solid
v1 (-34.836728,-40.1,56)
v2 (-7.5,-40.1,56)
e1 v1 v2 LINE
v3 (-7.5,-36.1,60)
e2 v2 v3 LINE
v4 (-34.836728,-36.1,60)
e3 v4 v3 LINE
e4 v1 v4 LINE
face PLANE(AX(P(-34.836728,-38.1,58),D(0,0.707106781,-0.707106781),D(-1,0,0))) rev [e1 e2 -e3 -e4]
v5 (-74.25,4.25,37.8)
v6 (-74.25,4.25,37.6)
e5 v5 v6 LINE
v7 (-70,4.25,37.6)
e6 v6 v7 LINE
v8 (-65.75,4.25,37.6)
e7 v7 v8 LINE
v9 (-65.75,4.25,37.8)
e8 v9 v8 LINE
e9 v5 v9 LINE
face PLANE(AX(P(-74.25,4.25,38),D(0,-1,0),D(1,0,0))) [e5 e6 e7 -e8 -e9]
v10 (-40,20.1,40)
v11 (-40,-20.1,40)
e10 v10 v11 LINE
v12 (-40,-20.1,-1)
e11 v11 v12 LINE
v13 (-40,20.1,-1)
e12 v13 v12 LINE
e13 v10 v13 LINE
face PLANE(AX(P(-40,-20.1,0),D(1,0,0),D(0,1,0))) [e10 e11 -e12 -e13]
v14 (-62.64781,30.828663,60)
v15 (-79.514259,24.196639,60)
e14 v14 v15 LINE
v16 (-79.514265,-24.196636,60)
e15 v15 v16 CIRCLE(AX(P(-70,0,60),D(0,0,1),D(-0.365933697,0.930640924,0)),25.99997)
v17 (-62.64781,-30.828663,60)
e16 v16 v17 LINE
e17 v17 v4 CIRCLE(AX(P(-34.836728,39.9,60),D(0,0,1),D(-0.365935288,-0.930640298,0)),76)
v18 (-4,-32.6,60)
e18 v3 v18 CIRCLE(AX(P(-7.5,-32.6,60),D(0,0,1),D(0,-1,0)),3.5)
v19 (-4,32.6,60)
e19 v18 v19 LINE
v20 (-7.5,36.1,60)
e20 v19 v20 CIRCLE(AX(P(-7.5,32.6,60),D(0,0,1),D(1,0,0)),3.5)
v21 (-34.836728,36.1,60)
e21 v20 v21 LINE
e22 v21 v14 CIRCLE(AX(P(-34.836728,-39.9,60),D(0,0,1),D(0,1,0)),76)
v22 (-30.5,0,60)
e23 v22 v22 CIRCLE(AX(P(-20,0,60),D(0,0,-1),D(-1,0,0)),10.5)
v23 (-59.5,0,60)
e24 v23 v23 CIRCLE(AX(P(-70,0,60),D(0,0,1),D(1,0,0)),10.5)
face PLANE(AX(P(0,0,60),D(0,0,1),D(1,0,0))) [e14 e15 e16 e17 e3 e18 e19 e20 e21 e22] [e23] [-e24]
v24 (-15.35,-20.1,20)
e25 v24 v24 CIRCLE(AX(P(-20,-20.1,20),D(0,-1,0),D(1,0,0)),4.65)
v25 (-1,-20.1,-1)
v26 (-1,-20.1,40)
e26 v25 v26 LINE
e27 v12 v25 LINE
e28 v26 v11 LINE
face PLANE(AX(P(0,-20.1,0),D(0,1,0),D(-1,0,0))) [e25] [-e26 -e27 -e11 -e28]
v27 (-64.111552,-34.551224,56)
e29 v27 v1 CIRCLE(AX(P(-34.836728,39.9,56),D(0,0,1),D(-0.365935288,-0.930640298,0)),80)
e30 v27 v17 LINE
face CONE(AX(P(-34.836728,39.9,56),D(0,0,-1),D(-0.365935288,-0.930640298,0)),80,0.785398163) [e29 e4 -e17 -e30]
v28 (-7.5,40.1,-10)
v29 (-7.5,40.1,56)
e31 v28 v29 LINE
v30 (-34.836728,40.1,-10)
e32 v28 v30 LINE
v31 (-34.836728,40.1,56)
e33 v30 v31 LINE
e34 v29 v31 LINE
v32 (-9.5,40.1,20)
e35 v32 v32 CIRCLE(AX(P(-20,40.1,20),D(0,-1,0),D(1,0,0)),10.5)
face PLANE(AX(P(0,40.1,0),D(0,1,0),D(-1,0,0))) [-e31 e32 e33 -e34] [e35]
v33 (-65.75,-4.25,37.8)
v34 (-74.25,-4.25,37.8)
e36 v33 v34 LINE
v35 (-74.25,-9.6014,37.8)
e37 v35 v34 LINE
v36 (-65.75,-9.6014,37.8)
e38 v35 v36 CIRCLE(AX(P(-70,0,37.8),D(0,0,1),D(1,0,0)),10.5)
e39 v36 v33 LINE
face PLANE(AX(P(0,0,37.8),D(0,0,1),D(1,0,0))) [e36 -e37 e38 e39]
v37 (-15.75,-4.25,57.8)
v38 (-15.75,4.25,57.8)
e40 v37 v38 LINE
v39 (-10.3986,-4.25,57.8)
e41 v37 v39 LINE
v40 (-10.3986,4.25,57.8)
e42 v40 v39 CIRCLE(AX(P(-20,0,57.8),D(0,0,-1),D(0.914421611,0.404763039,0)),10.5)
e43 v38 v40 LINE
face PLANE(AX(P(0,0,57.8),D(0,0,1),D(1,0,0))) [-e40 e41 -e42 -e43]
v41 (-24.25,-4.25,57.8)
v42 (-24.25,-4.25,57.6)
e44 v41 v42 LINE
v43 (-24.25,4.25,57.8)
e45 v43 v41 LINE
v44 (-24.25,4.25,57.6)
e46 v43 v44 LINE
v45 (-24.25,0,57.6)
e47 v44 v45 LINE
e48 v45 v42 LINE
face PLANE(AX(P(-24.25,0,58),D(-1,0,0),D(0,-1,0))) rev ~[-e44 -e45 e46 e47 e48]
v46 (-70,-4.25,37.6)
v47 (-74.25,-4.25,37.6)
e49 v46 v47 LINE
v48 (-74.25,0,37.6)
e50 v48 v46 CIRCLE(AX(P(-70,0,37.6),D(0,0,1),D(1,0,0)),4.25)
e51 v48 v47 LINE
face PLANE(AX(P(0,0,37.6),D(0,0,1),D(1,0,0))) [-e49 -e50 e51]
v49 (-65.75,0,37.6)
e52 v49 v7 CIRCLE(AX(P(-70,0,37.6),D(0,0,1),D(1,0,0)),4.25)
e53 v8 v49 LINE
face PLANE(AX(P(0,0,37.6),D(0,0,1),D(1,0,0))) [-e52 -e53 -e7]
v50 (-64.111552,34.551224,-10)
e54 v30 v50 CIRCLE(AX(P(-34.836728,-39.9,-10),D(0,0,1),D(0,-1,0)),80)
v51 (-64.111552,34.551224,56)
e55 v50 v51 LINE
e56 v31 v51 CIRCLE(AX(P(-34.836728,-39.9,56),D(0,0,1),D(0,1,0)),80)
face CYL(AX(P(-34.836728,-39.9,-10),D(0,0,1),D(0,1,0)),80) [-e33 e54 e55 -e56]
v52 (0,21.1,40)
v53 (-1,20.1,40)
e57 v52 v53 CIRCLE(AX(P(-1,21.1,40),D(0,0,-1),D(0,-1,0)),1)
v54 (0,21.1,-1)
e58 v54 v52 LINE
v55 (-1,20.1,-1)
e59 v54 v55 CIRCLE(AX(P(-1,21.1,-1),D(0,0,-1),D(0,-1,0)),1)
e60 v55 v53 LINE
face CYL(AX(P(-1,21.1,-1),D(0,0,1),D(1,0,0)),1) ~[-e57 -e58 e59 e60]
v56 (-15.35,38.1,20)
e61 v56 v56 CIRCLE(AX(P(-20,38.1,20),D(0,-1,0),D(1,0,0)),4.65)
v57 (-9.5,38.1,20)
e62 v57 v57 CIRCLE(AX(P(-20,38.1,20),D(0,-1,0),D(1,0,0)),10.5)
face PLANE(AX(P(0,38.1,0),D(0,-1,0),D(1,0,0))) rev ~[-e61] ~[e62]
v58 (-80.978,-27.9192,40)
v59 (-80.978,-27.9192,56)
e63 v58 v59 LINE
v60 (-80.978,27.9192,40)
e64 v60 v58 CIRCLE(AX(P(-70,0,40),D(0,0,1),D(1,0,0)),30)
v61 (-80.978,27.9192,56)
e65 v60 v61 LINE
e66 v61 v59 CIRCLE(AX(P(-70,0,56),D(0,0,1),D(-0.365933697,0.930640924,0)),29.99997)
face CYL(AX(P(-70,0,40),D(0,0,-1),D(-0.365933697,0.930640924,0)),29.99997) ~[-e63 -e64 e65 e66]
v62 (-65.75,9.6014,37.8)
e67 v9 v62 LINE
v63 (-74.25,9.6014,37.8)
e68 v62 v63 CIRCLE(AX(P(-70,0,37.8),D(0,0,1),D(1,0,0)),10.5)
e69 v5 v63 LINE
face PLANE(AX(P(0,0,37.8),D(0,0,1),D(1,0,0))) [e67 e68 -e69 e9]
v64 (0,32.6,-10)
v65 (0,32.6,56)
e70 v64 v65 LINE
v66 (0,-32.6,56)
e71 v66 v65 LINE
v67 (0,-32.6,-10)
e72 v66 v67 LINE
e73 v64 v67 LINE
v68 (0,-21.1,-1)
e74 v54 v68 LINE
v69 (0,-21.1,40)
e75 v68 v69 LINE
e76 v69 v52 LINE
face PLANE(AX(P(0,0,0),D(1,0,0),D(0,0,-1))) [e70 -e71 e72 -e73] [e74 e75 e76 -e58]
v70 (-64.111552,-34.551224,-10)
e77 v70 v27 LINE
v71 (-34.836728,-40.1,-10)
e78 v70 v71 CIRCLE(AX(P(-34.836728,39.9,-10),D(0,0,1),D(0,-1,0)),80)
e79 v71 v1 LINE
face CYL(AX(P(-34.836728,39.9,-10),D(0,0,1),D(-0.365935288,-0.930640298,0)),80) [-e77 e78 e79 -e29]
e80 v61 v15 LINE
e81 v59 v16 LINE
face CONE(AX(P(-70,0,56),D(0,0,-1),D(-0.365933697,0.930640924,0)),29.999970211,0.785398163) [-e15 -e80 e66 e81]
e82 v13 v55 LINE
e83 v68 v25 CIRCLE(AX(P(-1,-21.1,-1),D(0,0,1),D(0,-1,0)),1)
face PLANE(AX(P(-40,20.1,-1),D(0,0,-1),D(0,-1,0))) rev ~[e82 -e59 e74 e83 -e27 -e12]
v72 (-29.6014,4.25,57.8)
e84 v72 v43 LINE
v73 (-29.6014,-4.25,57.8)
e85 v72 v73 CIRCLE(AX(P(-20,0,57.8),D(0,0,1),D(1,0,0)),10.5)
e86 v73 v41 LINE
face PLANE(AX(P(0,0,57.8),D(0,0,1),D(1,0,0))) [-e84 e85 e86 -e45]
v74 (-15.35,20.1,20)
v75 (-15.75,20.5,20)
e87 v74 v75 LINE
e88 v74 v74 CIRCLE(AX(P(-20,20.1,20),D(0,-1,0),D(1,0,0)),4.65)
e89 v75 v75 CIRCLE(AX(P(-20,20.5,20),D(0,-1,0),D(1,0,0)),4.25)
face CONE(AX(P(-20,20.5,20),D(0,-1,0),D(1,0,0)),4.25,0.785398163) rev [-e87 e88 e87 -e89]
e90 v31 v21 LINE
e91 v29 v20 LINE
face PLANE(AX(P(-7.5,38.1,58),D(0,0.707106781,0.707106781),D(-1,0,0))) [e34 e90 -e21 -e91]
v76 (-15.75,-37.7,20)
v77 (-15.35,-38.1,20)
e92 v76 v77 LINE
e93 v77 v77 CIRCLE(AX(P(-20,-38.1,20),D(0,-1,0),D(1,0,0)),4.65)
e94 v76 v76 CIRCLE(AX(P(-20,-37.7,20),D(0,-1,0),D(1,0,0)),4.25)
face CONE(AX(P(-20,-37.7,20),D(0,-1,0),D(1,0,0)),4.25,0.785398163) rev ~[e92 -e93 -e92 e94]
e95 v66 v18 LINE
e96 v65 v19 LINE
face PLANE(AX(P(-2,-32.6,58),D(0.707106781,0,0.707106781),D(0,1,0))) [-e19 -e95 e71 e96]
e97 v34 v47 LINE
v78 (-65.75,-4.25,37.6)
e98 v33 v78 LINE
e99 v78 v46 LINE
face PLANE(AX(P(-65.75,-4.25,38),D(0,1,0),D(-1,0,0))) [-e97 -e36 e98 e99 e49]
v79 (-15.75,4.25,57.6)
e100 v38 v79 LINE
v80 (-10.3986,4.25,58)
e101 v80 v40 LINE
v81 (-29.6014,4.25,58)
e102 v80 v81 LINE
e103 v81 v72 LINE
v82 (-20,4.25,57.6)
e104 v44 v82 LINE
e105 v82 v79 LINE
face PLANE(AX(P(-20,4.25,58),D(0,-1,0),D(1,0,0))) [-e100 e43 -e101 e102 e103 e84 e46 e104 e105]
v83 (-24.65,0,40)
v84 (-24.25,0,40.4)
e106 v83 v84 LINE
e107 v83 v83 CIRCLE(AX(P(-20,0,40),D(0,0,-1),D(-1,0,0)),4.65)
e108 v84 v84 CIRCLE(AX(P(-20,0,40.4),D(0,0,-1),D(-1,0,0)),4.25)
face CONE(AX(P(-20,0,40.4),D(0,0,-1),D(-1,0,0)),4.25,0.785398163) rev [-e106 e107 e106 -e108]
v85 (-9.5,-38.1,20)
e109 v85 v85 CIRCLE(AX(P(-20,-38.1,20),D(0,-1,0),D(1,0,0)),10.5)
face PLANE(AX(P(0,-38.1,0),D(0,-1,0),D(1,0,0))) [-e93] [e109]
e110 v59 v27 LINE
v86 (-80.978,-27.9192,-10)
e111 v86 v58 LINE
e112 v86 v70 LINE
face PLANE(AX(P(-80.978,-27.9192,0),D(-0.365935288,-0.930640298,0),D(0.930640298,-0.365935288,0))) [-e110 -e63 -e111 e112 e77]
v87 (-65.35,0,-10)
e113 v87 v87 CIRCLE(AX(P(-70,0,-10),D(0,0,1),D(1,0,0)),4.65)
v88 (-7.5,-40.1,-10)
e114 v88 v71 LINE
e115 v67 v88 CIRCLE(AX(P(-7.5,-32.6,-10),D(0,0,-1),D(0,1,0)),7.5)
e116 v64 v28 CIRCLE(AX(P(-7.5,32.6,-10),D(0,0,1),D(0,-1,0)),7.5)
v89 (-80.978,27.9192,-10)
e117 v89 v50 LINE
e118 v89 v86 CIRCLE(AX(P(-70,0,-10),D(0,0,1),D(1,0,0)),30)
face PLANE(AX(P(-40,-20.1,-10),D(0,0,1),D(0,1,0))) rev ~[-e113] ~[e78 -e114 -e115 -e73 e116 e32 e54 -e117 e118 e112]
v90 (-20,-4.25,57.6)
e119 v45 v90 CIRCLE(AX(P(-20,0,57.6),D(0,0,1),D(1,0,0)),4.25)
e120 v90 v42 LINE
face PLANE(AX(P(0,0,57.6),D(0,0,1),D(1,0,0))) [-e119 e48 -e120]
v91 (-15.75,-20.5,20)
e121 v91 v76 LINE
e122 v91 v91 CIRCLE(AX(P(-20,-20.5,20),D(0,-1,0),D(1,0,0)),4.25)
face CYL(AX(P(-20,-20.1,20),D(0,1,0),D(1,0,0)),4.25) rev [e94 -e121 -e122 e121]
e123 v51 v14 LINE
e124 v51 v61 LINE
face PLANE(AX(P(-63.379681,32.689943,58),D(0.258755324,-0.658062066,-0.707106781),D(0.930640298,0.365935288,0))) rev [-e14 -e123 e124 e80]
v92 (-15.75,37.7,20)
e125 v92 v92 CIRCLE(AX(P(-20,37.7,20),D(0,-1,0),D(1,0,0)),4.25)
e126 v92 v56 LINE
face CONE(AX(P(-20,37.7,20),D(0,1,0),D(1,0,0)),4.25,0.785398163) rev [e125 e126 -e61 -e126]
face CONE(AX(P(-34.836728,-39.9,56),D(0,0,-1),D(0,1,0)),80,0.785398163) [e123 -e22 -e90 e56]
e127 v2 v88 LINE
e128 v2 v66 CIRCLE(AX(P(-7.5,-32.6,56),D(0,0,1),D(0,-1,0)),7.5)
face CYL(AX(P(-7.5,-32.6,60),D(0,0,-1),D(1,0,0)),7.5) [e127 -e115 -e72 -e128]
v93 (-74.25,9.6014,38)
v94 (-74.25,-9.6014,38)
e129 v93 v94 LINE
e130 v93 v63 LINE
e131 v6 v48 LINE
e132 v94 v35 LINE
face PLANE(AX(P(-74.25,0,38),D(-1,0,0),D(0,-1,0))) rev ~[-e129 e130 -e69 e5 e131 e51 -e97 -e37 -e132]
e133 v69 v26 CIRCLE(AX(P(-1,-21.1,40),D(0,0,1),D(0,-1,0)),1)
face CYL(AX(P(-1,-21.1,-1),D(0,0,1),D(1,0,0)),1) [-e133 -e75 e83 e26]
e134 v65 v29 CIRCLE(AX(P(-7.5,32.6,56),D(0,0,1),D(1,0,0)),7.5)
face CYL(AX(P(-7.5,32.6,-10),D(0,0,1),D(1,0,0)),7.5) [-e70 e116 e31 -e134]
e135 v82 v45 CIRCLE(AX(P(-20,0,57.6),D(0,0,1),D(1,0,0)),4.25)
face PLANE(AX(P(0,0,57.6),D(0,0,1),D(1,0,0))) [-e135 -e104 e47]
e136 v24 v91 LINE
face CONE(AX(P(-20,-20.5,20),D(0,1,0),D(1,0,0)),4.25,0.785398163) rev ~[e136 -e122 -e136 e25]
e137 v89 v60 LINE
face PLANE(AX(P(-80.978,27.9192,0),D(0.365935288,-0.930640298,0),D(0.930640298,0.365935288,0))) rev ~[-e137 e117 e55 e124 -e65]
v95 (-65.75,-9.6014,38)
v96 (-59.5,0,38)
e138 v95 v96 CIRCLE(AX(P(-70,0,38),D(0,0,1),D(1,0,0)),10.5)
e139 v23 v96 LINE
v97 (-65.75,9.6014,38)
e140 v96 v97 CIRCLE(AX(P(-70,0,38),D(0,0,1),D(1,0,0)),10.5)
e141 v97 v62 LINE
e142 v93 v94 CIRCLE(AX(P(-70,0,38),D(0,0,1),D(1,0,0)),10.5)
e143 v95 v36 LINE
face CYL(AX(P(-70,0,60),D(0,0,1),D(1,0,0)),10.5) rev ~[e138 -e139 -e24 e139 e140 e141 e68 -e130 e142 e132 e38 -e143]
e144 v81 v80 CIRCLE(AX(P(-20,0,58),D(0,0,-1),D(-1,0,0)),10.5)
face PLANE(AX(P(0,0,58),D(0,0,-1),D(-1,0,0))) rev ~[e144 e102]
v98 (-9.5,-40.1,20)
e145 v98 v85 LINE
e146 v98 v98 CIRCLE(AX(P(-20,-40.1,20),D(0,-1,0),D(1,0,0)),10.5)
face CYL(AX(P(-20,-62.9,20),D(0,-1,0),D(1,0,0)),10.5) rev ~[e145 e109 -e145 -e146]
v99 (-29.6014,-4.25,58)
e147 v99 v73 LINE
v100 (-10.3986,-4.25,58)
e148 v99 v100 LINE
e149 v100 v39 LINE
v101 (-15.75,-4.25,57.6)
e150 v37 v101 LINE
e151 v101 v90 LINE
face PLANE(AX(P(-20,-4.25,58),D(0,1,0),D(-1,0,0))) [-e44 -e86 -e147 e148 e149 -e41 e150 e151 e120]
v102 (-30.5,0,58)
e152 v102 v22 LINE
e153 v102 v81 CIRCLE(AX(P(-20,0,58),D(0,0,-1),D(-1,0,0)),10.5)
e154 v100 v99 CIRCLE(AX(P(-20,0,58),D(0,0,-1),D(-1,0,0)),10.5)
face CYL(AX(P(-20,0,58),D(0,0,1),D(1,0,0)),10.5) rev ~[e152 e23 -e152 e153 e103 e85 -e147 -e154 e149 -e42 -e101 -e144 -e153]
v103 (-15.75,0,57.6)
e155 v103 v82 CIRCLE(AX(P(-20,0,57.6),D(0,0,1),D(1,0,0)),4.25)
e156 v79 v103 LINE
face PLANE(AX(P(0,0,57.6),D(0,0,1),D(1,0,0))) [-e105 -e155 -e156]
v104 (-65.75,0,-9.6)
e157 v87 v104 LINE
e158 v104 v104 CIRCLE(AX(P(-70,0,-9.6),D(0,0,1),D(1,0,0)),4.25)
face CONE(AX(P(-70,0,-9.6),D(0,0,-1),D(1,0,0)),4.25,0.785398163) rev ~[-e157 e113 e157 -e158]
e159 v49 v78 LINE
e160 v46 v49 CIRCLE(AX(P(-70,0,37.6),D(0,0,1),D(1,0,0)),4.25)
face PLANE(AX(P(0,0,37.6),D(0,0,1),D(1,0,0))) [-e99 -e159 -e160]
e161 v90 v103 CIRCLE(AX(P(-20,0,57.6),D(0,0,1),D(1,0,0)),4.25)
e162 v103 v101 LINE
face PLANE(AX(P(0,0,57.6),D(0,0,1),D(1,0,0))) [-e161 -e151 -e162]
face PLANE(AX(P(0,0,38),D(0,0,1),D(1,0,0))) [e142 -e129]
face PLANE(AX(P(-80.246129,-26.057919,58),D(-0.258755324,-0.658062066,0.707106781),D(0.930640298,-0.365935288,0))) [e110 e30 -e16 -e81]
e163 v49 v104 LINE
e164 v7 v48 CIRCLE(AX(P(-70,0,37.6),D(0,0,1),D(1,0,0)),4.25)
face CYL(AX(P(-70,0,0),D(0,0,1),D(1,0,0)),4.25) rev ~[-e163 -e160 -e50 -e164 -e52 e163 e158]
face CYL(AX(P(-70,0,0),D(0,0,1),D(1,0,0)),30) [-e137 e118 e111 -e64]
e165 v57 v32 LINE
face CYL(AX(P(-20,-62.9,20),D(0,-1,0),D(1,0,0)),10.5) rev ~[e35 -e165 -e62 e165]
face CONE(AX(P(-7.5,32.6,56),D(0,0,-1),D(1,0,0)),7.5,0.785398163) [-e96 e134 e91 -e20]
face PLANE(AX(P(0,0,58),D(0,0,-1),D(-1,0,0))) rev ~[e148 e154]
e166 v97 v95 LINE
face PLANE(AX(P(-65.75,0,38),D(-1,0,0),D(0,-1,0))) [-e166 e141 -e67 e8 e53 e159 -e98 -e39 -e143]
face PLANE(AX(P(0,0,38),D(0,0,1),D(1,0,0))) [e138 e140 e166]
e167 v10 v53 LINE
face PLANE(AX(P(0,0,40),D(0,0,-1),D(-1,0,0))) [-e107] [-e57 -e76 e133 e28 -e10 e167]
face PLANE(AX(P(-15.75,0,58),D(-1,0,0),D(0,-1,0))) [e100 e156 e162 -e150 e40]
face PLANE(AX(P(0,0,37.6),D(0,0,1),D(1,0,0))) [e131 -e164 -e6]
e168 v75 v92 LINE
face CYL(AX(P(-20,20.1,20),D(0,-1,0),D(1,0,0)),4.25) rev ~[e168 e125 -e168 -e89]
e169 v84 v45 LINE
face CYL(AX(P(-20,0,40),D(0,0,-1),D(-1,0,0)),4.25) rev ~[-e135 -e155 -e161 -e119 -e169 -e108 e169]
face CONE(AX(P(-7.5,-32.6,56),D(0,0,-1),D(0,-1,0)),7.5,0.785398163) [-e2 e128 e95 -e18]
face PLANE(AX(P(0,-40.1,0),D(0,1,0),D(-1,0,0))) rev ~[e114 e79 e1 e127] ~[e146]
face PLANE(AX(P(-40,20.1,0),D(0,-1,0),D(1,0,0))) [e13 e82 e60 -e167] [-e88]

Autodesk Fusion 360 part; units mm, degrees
sketch "Sketch1" plane through (0, 0, 0) normal (0, 0, 1) x (1, 0, 0)
  line L0 (-40, 20.1) -> (40, 20.1)
  line L1 (40, 20.1) -> (40, -20.1)
  line L2 (40, -20.1) -> (-40, -20.1)
  line L3 (-40, -20.1) -> (-40, 20.1)
  line L4 (-40, 20.1) -> (40, -20.1) construction
  line L5 (40, 20.1) -> (-40, -20.1) construction
  line L6 (0, 20.1) -> (0, 40.1)
  line L7 (0, 40.1) -> (-50, 40.1)
  line L8 (0, -20.1) -> (0, -40.1)
  line L9 (0, -40.1) -> (-50, -40.1)
  line L10 (-40, 0) -> (-70, 0) construction
  circle A0 centre (-70, 0) radius 10.5
  circle A1 centre (-70, 0) radius 30
  line L11 (-80.978, 27.9192) -> (-50, 40.1)
  line L12 (-80.978, -27.9192) -> (-50, -40.1)
  circle A2 centre (-70, 0) radius 4.25
  dimension "d1" = 80
  dimension "d2" = 40.2
  dimension "d3" = 20
  dimension "d4" = 20
  dimension "d5" = 30
  dimension "d6" = 21
  dimension "d7" = 8.5
  dimension "d8" = 10
  dimension "d9" = 10
extrude "Extrude1" add sketch "Sketch1" along normal blind 40 contours L0 L3 L6 L7 A1 L11 | A1 | L2 L3 L8 L9 A1 L12 | A0 makes body 1
sketch "Sketch2" plane through (0, 0, 40) normal (0, 0, 1) x (1, 0, 0)
  circle A0 centre (-70, 0) radius 4.25
  arc A1 (-80.978, 27.9192) -> (-80.978, -27.9192) centre (-70, 0) ccw
  line L0 (-80.978, -27.9192) -> (-50, -40.1)
  line L1 (-50, -40.1) -> (0, -40.1)
  line L2 (0, -40.1) -> (0, -20.1)
  line L3 (0, -20.1) -> (-40, -20.1)
  line L4 (-40, -20.1) -> (-40, 20.1)
  line L5 (-40, 20.1) -> (0, 20.1)
  line L6 (0, 20.1) -> (0, 40.1)
  line L7 (0, 40.1) -> (-50, 40.1)
  line L8 (-50, 40.1) -> (-80.978, 27.9192)
  line L9 (0, 20.1) -> (0, -20.1)
extrude "Extrude2" add sketch "Sketch2" along normal blind 20 bodies 1
sketch "Sketch3" plane through (0, 0, 40) normal (0, 0, -1) x (-1, 0, 0)
  line L0 (40, 20.1) -> (0, 20.1)
  line L1 (0, 20.1) -> (0, -20.1)
  line L2 (0, -20.1) -> (40, -20.1)
  line L3 (40, -20.1) -> (40, 20.1)
  line L4 (20, 20.1) -> (20, -20.1) construction
  circle A0 centre (20, 0) radius 10.5
  circle A1 centre (20, 0) radius 4.25
  dimension "d63" = 21
  dimension "d64" = 8.5
extrude "Extrude16" cut sketch "Sketch3" against normal blind 38 contours A0 | A1 bodies 1
extrude "Extrude17" add sketch "Sketch3" against normal blind 18 contours A0 bodies 1
sketch "Sketch11" plane through (0, 0, 58) normal (0, 0, 1) x (1, 0, 0)
  circle A0 centre (-20, 0) radius 4.25
  circle A1 centre (-20, 0) radius 10.5
  line L0 (-29.6014, 4.25) -> (-10.3986, 4.25)
  line L1 (-10.3986, -4.25) -> (-29.6014, -4.25)
  line L2 (-15.75, 4.25) -> (-15.75, -4.25)
  line L3 (-24.25, 4.25) -> (-24.25, -4.25)
extrude "Extrude18" cut sketch "Sketch11" against normal blind 0.2 contours A0 L1 L2 | A0 L0 L2 | A1 L0 L1 L2 | A0 L0 L3 | A0 L1 L3 | A1 L0 L1 L3 bodies 1
extrude "Extrude19" cut sketch "Sketch11" against normal blind 0.4 contours A0 L1 L2 | A0 L0 L2 | A0 L0 L3 | A0 L1 L3 bodies 1
sketch "Sketch5" plane through (0, 0, 60) normal (0, 0, 1) x (1, 0, 0)
  circle A0 centre (-70, 0) radius 4.25
  line L0 (0, 40.1) -> (-50, 40.1)
  line L1 (-50, 40.1) -> (-80.978, 27.9192)
  arc A1 (-80.978, 27.9192) -> (-80.978, -27.9192) centre (-70, 0) ccw
  line L2 (-80.978, -27.9192) -> (-50, -40.1)
  line L3 (-50, -40.1) -> (0, -40.1)
  line L4 (0, -40.1) -> (0, 40.1)
  circle A2 centre (-70, 0) radius 10.5
  circle A3 centre (-20, 0) radius 10.5
  dimension "d24" = 21
extrude "Extrude5" cut sketch "Sketch5" against normal blind 22 contours A2 bodies 1
sketch "Sketch8" plane through (0, 20.1, 0) normal (0, -1, 0) x (1, 0, 0)
  line L0 (-40, 0) -> (0, 0)
  line L1 (0, 0) -> (0, 40)
  line L2 (0, 40) -> (-40, 40)
  line L3 (-40, 40) -> (-40, 0)
  line L4 (-40, 40) -> (0, 0) construction
  circle A0 centre (-20, 20) radius 4.25
  circle A1 centre (-20, 20) radius 10.5
  dimension "d42" = 8.5
  dimension "d43" = 21
extrude "Extrude9" cut sketch "Sketch8" along normal blind -43 and the other way blind -83 contours A0 | A1 bodies 1
extrude "Extrude10" add sketch "Sketch8" against normal blind 18 contours A1 bodies 1
extrude "Extrude11" add sketch "Sketch8" along normal blind 18 from surface at 40.2 contours A1 bodies 1
sketch "Sketch10" plane through (0, 0, 38) normal (0, 0, 1) x (1, 0, 0)
  circle A0 centre (-70, 0) radius 4.25
  circle A1 centre (-70, 0) radius 10.5
  line L0 (-74.25, 9.6014) -> (-74.25, -9.6014)
  line L1 (-65.75, 9.6014) -> (-65.75, -9.6014)
  line L2 (-74.25, 4.25) -> (-65.75, 4.25)
  line L3 (-65.75, -4.25) -> (-74.25, -4.25)
extrude "Extrude14" cut sketch "Sketch10" against normal blind 0.2 contours A0 L1 L3 | A0 L1 L2 | A0 L0 L2 | A1 L0 L1 L2 | A0 L0 L3 | A1 L0 L1 L3 bodies 1
extrude "Extrude15" cut sketch "Sketch10" against normal blind 0.4 contours A0 L1 L3 | A0 L1 L2 | A0 L0 L2 | A0 L0 L3 bodies 1
extrude "Extrude20" add 1 faces at (-48.5833, 0, 0) along direction (0, 0, -1) blind 10 on bodies 1 bodies 1
sketch "Sketch12" plane through (-40, 0, 0) normal (1, 0, 0) x (0, 0, -1)
  line L0 (10, 20.1) -> (-40, 20.1)
  line L1 (-40, 20.1) -> (-40, -20.1)
  line L2 (-40, -20.1) -> (10, -20.1)
  line L3 (10, -20.1) -> (10, 20.1)
  line L4 (1, 20.1) -> (1, -20.1)
  dimension "d85" = 41
extrude "Extrude21" add sketch "Sketch12" along normal blind 40 contours L0 L2 L3 L4 bodies 1
fillet "Fillet2" radius 80 2 edges at (-50, 40.1, 30) (-50, -40.1, 30) on bodies 1
fillet "Fillet2" radius 7.5 2 edges at (0, 40.1, 30) (0, -40.1, 30) on bodies 1
chamfer "Chamfer1" distance 4 distance2 4 10 edges at (-49.7348, 38.7006, 60) (-21.1684, 40.1, 60) (-2.1967, 37.9033, 60) (0, 0, 60) (-2.1967, -37.9033, 60) (-21.1684, -40.1, 60) (-49.7348, -38.7006, 60) (-72.5448, -31.2352, 60) (-100, 0, 60) (-72.5448, 31.2352, 60) measured on face at (-51.3673, 38.3735, 36.6667) measured on face at (-44.9337, 17.1022, 60) measured on face at (-7.1431, 40.0915, 36.6667) measured on face at (-44.9337, 17.1022, 60) measured on face at (-7.1431, -40.0915, 13.3333) measured on face at (-44.9337, 17.1022, 60) measured on face at (-38.1659, -40.0307, 13.3333) measured on face at (-44.9337, 17.1022, 60) measured on face at (-44.9337, 17.1022, 60) measured on face at (-44.9337, 17.1022, 60) on bodies 1
chamfer "Chamfer1" distance 0.4 distance2 0.4 2 edges at (-16.0376, 1.5369, 40) (-73.9624, -1.5369, -10) 2 faces at (-15.7553, -32.1, 19.7882) (-15.7553, 32.1, 19.7882) measured on face at (-20.1059, -14.8127, 40) measured on face at (-21.9167, 0, -10) on bodies 1
fillet "Fillet3" radius 1 2 edges at (0, -20.1, 20) (0, 20.1, 20) on bodies 1
copy_body "Body->Comp1" bodies 1 removing the originals makes body 2 in component "side brace upper mount"
component "side brace upper mount" placed x (1, 0, 0) y (0, 1, 0) z (0, 0, 1) at (0, 0, 0)
